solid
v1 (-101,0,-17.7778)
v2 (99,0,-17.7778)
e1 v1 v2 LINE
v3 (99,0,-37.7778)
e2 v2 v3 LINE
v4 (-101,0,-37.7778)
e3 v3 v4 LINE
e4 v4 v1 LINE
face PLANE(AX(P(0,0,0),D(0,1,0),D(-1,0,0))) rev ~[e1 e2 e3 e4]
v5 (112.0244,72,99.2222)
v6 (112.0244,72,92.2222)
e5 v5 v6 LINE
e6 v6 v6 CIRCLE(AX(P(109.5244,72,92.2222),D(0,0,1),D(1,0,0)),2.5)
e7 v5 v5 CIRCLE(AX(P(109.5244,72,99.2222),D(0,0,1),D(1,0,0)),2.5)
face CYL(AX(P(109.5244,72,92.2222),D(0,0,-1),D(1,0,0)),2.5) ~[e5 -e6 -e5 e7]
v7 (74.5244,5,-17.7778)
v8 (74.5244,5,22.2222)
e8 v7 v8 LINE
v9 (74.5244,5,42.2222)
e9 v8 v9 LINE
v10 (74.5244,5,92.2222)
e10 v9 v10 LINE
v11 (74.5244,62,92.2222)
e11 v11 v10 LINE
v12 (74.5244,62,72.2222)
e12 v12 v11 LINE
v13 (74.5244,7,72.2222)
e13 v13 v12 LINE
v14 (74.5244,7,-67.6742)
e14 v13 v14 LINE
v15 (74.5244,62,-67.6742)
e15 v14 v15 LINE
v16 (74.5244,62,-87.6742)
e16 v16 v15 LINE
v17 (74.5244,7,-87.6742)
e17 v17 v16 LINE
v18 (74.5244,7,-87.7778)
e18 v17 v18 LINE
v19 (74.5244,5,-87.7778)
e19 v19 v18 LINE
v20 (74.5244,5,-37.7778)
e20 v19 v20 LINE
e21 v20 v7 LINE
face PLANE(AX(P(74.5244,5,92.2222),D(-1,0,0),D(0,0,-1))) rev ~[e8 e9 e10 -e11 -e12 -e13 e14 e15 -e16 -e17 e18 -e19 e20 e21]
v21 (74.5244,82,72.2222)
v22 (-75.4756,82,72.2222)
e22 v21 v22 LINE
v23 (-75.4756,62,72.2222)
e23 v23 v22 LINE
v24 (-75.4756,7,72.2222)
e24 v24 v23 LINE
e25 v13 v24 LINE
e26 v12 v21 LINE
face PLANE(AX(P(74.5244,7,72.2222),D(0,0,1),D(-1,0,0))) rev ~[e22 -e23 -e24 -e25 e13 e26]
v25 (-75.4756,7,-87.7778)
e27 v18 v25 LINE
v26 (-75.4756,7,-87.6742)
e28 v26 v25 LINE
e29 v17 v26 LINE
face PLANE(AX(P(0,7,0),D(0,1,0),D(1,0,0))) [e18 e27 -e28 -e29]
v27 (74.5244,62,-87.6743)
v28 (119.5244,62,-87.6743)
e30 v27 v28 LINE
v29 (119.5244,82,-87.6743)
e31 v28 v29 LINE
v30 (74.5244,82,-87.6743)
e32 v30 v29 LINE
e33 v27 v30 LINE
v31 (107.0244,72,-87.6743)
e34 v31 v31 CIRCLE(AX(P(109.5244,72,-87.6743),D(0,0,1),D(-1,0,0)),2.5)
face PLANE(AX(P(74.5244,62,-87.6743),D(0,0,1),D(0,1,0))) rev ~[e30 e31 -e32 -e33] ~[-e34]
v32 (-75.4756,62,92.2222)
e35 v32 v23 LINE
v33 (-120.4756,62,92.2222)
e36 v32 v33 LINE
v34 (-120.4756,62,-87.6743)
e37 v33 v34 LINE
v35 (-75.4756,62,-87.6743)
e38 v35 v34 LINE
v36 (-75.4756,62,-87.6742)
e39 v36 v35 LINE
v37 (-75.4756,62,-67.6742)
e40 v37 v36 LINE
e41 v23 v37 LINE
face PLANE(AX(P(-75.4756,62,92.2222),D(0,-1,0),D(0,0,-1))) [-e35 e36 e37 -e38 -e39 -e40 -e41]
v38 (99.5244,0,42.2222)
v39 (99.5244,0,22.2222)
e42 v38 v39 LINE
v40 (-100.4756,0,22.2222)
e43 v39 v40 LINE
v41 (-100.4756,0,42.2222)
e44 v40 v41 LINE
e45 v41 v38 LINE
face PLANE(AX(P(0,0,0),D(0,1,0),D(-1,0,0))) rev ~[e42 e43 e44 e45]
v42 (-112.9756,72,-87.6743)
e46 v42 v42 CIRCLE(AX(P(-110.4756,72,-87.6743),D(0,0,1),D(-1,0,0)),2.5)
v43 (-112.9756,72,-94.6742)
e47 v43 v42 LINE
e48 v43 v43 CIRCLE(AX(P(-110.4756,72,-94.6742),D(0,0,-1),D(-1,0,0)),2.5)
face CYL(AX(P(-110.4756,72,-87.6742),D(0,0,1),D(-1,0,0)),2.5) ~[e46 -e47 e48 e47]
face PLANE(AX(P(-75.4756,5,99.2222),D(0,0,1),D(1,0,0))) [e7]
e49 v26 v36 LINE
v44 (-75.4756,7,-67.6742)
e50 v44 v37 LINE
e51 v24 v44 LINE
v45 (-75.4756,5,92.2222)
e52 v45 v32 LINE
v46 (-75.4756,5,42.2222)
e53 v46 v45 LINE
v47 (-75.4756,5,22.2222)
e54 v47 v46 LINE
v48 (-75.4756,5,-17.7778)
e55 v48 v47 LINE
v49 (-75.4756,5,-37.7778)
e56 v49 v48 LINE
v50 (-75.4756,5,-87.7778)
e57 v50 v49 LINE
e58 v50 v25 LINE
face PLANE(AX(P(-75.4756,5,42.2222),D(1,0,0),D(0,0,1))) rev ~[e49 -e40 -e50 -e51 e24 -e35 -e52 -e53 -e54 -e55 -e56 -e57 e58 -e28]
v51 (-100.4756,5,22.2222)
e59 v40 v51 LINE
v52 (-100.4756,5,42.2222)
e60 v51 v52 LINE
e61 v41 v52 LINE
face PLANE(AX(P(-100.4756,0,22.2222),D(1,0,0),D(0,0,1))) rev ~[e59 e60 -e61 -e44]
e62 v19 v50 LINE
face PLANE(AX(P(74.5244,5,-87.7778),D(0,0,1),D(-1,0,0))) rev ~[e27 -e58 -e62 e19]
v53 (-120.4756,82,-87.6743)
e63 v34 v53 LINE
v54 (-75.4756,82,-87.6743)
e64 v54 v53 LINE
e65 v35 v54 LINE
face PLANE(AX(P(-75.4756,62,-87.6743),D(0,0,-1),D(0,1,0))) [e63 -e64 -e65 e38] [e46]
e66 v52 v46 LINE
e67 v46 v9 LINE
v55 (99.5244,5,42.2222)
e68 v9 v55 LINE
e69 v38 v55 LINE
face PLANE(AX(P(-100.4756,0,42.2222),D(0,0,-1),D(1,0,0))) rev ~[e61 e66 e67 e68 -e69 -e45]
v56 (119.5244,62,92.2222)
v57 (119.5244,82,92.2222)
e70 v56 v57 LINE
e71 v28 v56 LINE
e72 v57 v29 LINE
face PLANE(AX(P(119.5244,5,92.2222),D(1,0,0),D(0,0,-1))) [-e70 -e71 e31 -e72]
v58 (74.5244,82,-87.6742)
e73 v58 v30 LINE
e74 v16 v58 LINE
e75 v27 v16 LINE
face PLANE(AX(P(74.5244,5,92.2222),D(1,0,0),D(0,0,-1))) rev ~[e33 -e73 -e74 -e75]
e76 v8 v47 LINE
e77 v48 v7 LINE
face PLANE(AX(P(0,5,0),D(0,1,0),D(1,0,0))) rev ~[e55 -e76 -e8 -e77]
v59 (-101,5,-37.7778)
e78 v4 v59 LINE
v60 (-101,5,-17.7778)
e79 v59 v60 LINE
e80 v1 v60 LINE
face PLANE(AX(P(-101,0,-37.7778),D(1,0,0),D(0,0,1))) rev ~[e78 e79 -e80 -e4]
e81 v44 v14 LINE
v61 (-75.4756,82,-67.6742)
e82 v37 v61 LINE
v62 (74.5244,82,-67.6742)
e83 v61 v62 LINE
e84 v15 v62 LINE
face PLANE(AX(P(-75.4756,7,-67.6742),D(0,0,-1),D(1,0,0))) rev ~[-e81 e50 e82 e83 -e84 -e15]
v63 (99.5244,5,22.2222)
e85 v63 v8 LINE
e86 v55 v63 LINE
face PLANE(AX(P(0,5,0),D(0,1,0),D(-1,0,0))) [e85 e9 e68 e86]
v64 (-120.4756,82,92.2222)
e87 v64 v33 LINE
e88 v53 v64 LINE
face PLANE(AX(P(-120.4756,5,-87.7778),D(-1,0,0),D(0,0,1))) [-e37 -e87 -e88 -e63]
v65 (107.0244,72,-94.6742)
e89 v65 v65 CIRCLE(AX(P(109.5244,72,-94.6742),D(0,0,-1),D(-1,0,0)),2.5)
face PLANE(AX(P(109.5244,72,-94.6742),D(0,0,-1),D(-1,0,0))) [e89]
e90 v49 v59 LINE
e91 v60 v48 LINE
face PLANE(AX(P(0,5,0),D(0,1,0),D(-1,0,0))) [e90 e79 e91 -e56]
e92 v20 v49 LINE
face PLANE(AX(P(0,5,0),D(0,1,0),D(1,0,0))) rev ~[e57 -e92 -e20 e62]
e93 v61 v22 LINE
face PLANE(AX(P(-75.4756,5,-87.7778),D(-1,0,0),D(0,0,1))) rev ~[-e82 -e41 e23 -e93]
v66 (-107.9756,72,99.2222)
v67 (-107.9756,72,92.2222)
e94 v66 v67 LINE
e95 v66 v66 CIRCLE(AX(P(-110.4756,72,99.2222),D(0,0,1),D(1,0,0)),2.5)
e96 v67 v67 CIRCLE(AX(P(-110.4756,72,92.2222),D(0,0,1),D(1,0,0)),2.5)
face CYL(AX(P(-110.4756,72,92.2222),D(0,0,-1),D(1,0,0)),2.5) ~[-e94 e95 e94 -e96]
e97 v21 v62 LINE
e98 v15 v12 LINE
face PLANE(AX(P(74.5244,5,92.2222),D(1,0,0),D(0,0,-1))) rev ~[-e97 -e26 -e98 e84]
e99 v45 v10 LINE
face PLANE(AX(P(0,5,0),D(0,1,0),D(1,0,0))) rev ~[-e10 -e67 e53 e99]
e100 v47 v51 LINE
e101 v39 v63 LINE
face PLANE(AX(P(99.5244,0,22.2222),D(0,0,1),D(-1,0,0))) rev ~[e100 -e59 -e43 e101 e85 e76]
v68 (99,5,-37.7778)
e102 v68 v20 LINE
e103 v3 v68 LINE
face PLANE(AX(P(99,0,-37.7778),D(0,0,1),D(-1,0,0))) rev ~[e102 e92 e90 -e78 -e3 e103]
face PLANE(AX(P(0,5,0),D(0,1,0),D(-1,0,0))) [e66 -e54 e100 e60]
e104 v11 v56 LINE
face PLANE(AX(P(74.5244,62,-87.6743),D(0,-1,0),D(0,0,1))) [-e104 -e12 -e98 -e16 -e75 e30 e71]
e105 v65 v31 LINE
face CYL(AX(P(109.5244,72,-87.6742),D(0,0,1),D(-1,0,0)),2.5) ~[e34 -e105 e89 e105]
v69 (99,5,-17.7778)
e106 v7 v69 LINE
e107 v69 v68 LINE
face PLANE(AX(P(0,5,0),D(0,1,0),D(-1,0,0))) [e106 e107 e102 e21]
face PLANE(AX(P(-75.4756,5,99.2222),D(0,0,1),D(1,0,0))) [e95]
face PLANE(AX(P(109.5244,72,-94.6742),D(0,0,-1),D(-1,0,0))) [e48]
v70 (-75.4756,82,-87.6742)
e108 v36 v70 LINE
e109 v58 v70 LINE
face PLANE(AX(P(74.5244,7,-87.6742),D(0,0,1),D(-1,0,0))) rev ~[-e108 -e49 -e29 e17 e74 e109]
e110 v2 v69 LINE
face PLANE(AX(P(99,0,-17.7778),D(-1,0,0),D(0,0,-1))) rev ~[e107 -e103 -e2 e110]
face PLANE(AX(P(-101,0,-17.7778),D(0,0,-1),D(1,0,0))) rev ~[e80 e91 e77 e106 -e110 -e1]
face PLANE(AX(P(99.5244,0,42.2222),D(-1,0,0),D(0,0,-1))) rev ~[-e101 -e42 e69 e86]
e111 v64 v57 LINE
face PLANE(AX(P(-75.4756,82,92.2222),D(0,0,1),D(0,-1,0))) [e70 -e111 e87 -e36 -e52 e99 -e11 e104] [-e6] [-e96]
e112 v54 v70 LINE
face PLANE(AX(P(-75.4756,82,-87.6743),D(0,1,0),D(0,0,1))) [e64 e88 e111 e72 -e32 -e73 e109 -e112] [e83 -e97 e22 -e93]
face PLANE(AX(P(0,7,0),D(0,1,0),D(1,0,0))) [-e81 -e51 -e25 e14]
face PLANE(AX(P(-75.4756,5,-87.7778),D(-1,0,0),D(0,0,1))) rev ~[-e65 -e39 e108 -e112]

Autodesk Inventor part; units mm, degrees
ref_plane "YZ Plane" through (0, 0, 0) normal (1, 0, 0) x (0, 1, 0)
ref_plane "XZ Plane" through (0, 0, 0) normal (0, 1, 0) x (-1, 0, 0)
ref_plane "XY Plane" through (0, 0, 0) normal (0, 0, 1) x (1, 0, 0)
sketch "Эскиз1" plane through (0, 0, 0) normal (0, 1, 0) x (-1, 0, 0)
  line L0 (100.4756, 42.2222) -> (-99.5244, 42.2222)
  line L1 (-99.5244, 42.2222) -> (-99.5244, 22.2222)
  line L2 (-99.5244, 22.2222) -> (100.4756, 22.2222)
  line L3 (100.4756, 22.2222) -> (100.4756, 42.2222)
  line L4 (101, -17.7778) -> (-99, -17.7778)
  line L5 (-99, -17.7778) -> (-99, -37.7778)
  line L6 (-99, -37.7778) -> (101, -37.7778)
  line L7 (101, -37.7778) -> (101, -17.7778)
  point P0 (0, 0)
  dimension "d0" = 200
  dimension "d1" = 20
  dimension "d2" = 200
  dimension "d3" = 20
  dimension "d4" = 40
extrude "Выдавливание1" add sketch "Эскиз1" along normal blind 5
sketch "Эскиз2" plane through (0, 5, 0) normal (0, 1, 0) x (1, 0, 0)
  line L0 (-75.4756, -92.2222) -> (74.5244, -92.2222)
  line L1 (74.5244, -92.2222) -> (74.5244, 87.7778)
  line L2 (74.5244, 87.7778) -> (-75.4756, 87.7778)
  line L3 (-75.4756, 87.7778) -> (-75.4756, -92.2222)
  line L4 (-100.4756, -42.2222) -> (99.5244, -42.2222) projected
  line L5 (99.5244, -42.2222) -> (99.5244, -22.2222) projected
  line L6 (-100.4756, -22.2222) -> (-100.4756, -42.2222) projected
  point P0 (0, 0)
  dimension "d7" = 180
  dimension "d8" = 50
  dimension "d11" = 150
  dimension "d12" = 25
extrude "Выдавливание2" add sketch "Эскиз2" along normal blind 2
sketch "Эскиз3" plane through (0, 7, 0) normal (0, 1, 0) x (1, 0, 0)
  line L0 (-75.4756, 87.7778) -> (-75.4756, -92.2222) projected
  line L1 (74.5244, -92.2222) -> (74.5244, 87.7778) projected
  line L2 (-75.4756, -92.2222) -> (74.5244, -92.2222)
  line L3 (74.5244, -92.2222) -> (74.5244, -72.2222)
  line L4 (74.5244, -72.2222) -> (-75.4756, -72.2222)
  line L5 (-75.4756, -72.2222) -> (-75.4756, -92.2222)
  line L6 (-75.4756, 67.6742) -> (74.5244, 67.6742)
  line L7 (74.5244, 67.6742) -> (74.5244, 87.6742)
  line L8 (74.5244, 87.6742) -> (-75.4756, 87.6742)
  line L9 (-75.4756, 87.6742) -> (-75.4756, 67.6742)
  point P0 (0, 0)
  point P1 (-75.4756, 87.6742)
  dimension "d14" = 20
  dimension "d15" = 20
extrude "Выдавливание3" add sketch "Эскиз3" along normal blind 75 contours L8 L1 L6 L0 | L4 L1 L2 L0
sketch "Эскиз4" plane through (74.5244, 5, 92.2222) normal (1, 0, 0) x (0, 0, -1)
  line L0 (0, 77) -> (20, 77) projected
  line L1 (179.8965, 2) -> (179.8965, 77) projected
  line L2 (0, 77) -> (179.8965, 77)
  line L3 (179.8965, 77) -> (179.8965, 57)
  line L4 (179.8965, 57) -> (0, 57)
  line L5 (0, 57) -> (0, 77)
  point P0 (92.2222, -5)
  dimension "d18" = 20
extrude "Выдавливание4" add sketch "Эскиз4" along normal blind 45
sketch "Эскиз5" plane through (-75.4756, 5, -87.7778) normal (-1, 0, 0) x (0, 0, 1)
  line L0 (0.1035, 57) -> (0.1035, 77) projected
  line L1 (180, 0) -> (180, 57) projected
  line L2 (0.1035, 77) -> (180, 77)
  line L3 (180, 77) -> (180, 57)
  line L4 (180, 57) -> (0.1035, 57)
  line L5 (0.1035, 57) -> (0.1035, 77)
  point P0 (87.7778, -5)
extrude "Выдавливание5" add sketch "Эскиз5" along normal blind 45
sketch "Эскиз6" plane through (74.5244, 7, -87.6742) normal (0, 0, -1) x (-1, 0, 0)
  circle A0 centre (185, 65) radius 2.5
  line L0 (195, 75) -> (195, 55) projected
  circle A1 centre (-35, 65) radius 2.5
  line L1 (-45, 55) -> (-45, 75) projected
  line L2 (195, 75) -> (-45, 75) projected
  point P0 (74.5244, -7)
  dimension "d23" = 10
  dimension "d24" = 5
  dimension "d25" = 5
  dimension "d26" = 10
  dimension "d27" = 10
  dimension "d28" = 10
extrude "Выдавливание6" add sketch "Эскиз6" along normal blind 3
sketch "Эскиз7" plane through (-75.4756, 5, 92.2222) normal (0, 0, 1) x (1, 0, 0)
  circle A0 centre (-35, 67) radius 2.5 projected
  circle A1 centre (-35, 67) radius 2.5
  circle A2 centre (185, 67) radius 2.5 projected
  circle A3 centre (185, 67) radius 2.5
  point P0 (75.4756, -5)
extrude "Выдавливание7" add sketch "Эскиз7" along normal blind 3
sketch "Эскиз9" plane through (109.5244, 72, -90.6742) normal (0, 0, -1) x (-1, 0, 0)
  circle A0 centre (0, 0) radius 2.5 projected
  circle A1 centre (0, 0) radius 2.5
  circle A2 centre (220, 0) radius 2.5 projected
  circle A3 centre (220, 0) radius 2.5
  point P0 (109.5244, -72)
extrude "Выдавливание8" add sketch "Эскиз9" along normal blind 4
sketch "Эскиз10" plane through (-75.4756, 5, 92.2222) normal (0, 0, 1) x (1, 0, 0)
  circle A0 centre (-35, 67) radius 2.5 projected
  circle A1 centre (-35, 67) radius 2.5
  circle A2 centre (185, 67) radius 2.5 projected
  circle A3 centre (185, 67) radius 2.5
  point P0 (75.4756, -5)
extrude "Выдавливание9" add sketch "Эскиз10" along normal blind 7
properties part number "часть транспортера" material "Железо, ковкое"
